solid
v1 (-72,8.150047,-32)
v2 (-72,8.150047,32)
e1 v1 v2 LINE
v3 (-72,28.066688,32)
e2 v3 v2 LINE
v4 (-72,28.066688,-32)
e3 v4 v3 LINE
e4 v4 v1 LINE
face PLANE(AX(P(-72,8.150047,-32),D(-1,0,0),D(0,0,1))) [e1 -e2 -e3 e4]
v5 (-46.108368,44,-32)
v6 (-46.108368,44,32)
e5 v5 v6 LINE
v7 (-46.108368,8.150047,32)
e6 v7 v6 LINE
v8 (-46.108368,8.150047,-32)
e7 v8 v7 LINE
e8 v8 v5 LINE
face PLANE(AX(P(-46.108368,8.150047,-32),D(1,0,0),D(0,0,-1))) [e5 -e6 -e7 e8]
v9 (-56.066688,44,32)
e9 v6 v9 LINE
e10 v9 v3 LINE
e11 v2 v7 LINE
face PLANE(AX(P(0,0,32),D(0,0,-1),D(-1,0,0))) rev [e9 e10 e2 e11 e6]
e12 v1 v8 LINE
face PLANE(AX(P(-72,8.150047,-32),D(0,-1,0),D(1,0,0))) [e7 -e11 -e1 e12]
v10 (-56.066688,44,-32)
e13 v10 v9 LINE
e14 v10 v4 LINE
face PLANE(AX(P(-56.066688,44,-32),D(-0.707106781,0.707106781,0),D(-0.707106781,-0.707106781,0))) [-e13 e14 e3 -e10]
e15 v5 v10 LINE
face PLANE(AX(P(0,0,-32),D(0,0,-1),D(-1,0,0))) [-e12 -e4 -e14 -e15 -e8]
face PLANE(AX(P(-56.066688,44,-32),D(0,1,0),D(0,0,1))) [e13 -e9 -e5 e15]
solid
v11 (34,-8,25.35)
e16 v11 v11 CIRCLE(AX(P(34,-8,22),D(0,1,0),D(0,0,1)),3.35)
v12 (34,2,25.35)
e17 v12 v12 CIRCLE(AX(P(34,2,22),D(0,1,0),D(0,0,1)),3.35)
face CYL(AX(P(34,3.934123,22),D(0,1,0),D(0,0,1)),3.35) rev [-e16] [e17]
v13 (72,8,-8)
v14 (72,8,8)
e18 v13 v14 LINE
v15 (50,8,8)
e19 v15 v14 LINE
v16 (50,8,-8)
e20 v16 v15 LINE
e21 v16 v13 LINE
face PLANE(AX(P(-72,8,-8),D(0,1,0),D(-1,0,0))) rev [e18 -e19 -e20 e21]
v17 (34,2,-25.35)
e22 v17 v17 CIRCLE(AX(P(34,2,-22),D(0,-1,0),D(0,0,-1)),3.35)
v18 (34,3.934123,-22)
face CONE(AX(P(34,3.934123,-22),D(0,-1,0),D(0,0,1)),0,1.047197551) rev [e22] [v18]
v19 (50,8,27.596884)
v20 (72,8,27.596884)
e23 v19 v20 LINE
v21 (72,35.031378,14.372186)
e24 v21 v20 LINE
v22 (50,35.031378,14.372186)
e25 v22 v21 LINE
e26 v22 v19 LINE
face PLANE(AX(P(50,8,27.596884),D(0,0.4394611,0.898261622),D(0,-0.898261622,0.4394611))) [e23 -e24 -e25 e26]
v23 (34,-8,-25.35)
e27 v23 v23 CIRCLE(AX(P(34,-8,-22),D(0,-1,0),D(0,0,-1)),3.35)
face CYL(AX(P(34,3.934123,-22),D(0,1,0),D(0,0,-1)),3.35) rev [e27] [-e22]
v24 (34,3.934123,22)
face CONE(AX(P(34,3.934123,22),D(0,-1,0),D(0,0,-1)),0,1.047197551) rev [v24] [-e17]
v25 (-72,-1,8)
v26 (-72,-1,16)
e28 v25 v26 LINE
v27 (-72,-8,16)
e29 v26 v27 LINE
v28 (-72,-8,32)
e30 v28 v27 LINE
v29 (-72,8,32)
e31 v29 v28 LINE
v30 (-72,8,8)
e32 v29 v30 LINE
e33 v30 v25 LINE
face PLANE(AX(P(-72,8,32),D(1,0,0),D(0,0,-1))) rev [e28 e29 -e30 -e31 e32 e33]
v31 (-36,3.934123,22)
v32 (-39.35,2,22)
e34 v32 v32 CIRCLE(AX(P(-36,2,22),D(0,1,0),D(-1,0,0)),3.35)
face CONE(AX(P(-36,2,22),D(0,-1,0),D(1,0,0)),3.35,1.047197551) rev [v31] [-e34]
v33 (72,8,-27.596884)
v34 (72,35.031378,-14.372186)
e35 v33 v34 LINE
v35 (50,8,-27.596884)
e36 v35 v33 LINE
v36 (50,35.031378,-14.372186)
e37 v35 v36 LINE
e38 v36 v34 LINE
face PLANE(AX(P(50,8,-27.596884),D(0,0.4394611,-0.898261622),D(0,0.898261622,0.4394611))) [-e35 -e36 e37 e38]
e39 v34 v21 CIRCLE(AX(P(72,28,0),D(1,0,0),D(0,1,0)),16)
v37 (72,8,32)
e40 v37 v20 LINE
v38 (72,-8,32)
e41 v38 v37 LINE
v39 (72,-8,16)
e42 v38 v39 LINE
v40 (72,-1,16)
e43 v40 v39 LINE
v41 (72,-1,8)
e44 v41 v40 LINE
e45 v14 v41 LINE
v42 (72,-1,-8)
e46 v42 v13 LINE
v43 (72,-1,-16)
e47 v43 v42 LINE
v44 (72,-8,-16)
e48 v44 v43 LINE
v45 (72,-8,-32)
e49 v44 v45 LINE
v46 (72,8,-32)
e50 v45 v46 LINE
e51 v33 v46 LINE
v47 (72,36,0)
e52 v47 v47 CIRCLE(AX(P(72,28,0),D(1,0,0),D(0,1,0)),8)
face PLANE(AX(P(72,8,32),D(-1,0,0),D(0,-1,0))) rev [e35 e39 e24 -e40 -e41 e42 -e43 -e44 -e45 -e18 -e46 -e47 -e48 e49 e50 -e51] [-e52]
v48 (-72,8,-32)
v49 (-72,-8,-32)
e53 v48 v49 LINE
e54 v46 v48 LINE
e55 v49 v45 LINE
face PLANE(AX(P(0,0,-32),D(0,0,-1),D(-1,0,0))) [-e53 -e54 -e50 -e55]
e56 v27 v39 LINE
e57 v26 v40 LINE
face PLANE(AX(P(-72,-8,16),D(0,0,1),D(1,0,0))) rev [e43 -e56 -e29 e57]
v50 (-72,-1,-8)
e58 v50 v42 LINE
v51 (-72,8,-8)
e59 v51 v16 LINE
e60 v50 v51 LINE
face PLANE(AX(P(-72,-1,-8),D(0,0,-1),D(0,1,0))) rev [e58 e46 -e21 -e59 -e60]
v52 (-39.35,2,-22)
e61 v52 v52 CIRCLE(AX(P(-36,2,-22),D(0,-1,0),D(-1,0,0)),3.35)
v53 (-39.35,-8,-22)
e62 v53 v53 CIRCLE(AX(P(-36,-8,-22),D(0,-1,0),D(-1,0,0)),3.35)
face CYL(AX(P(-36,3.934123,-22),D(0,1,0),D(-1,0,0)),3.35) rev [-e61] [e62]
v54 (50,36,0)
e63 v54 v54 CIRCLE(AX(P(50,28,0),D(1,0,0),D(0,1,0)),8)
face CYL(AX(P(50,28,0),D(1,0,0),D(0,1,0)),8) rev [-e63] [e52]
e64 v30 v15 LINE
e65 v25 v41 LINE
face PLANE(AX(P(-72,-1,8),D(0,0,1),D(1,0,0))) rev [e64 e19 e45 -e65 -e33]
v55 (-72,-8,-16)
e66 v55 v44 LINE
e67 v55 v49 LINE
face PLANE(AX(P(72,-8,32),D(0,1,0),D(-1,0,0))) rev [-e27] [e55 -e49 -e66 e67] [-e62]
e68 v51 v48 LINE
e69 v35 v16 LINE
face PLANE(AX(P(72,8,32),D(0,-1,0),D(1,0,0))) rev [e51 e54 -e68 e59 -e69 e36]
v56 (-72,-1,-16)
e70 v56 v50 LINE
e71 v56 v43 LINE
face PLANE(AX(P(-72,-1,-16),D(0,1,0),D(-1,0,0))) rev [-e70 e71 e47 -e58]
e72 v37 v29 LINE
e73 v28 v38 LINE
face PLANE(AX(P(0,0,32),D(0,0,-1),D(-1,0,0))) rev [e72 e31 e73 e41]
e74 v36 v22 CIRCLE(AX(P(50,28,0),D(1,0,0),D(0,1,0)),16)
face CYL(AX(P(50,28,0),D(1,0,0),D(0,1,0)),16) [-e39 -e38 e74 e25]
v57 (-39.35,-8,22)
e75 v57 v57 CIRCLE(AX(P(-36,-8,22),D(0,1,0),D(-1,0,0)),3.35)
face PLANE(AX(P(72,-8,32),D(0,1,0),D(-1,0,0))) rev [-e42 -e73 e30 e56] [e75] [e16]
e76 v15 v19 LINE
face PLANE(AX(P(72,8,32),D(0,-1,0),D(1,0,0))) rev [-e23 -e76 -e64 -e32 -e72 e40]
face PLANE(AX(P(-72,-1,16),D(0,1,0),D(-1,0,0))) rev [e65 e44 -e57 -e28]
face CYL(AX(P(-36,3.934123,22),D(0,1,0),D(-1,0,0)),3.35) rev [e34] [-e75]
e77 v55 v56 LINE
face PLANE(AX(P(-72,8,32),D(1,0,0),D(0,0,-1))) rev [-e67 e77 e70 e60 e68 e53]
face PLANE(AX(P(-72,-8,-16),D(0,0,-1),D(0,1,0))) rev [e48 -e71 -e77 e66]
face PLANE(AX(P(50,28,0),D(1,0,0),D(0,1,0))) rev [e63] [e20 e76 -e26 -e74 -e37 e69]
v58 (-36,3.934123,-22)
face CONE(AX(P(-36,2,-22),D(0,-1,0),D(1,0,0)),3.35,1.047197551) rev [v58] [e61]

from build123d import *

# Parameters (mm, degrees)
SKETCH1_W           = 144
SKETCH1_H           = 16
BOSS_EXTRUDE1_DEPTH = 32
BOSS_EXTRUDE2_DEPTH = 64
SKETCH3_R           = 8
BOSS_EXTRUDE3_DEPTH = 22
CUT_EXTRUDE1_DEPTH  = 154.935051239


with BuildPart() as part:
    # Sketch1 → Boss-Extrude1 (new, symmetric)
    with BuildSketch(Plane.XY):
        Rectangle(SKETCH1_W, SKETCH1_H)
    extrude(amount=BOSS_EXTRUDE1_DEPTH, both=True)

    # Sketch3 → Boss-Extrude3 (add)
    with BuildSketch(Plane(origin=(72, 0, 0), x_dir=(0, 0, -1), z_dir=(1, 0, 0))):
        with BuildLine():
            Line((-27.596884244, 8), (-32, 8))
            Line((-32, 8), (-32, -8))
            Line((-32, -8), (32, -8))
            Line((32, -8), (32, 8))
            Line((32, 8), (27.596884244, 8))
            Line((27.596884244, 8), (14.372185951, 35.031377602))
            ThreePointArc((14.372185951, 35.031377602), (0, 44), (-14.372185951, 35.031377602))
            Line((-14.372185951, 35.031377602), (-27.596884244, 8))
        make_face()
        with Locations(Location((0, 28, 0), (0, 0, 90))):
            Circle(SKETCH3_R, mode=Mode.SUBTRACT)
    extrude(amount=-BOSS_EXTRUDE3_DEPTH)

    # Sketch4 → Cut-Extrude1 (cut, through all)
    with BuildSketch(Plane(origin=(72, 0, 0), x_dir=(0, 0, -1), z_dir=(1, 0, 0))):
        Polygon((8, 8), (-8, 8), (-8, -1), (-16, -1), (-16, -8), (16, -8), (16, -1), (8, -1), align=None)
    extrude(amount=-CUT_EXTRUDE1_DEPTH, mode=Mode.SUBTRACT)

    # Sketch6 → Cut-Revolve1 (revolve, cut)
    with BuildSketch(Plane.XY.offset(22), mode=Mode.PRIVATE) as cut_revolve1_sk:
        Polygon((34, -2.139952418), (34, -8), (30.65, -8), (30.65, 2), (34, 3.934123402), align=None)
    cut_revolve1 = revolve(cut_revolve1_sk.sketch.rotate(Axis((34, 3.934123402, 22), (0, -1, 0)), 270), axis=Axis((34, 3.934123402, 22), (0, -1, 0)), mode=Mode.SUBTRACT)

    # Sketch7 → Cut-Revolve2 (revolve, cut)
    with BuildSketch(Plane.XY.offset(22), mode=Mode.PRIVATE) as cut_revolve2_sk:
        Polygon((-36, 3.934123402), (-36, -8), (-32.65, -8), (-32.65, 2), align=None)
    cut_revolve2 = revolve(cut_revolve2_sk.sketch.rotate(Axis((-36, 3.934123402, 22), (0, -1, 0)), 180), axis=Axis((-36, 3.934123402, 22), (0, -1, 0)), mode=Mode.SUBTRACT)

    # Mirror2: Cut-Revolve1, Cut-Revolve2 across plane
    add(cut_revolve1.mirror(Plane.XY), mode=Mode.SUBTRACT)
    add(cut_revolve2.mirror(Plane.XY), mode=Mode.SUBTRACT)


with BuildPart() as body_2:
    # Sketch2 → Boss-Extrude2 (new body)
    with BuildSketch(Plane.XY.offset(32)):
        Polygon((-72, 8.15004748), (-46.108367624, 8.15004748), (-46.108367624, 44), (-56.066687769, 44), (-72, 28.066687769), align=None)
    extrude(amount=-BOSS_EXTRUDE2_DEPTH)


solid = Compound([part.part, body_2.part])
